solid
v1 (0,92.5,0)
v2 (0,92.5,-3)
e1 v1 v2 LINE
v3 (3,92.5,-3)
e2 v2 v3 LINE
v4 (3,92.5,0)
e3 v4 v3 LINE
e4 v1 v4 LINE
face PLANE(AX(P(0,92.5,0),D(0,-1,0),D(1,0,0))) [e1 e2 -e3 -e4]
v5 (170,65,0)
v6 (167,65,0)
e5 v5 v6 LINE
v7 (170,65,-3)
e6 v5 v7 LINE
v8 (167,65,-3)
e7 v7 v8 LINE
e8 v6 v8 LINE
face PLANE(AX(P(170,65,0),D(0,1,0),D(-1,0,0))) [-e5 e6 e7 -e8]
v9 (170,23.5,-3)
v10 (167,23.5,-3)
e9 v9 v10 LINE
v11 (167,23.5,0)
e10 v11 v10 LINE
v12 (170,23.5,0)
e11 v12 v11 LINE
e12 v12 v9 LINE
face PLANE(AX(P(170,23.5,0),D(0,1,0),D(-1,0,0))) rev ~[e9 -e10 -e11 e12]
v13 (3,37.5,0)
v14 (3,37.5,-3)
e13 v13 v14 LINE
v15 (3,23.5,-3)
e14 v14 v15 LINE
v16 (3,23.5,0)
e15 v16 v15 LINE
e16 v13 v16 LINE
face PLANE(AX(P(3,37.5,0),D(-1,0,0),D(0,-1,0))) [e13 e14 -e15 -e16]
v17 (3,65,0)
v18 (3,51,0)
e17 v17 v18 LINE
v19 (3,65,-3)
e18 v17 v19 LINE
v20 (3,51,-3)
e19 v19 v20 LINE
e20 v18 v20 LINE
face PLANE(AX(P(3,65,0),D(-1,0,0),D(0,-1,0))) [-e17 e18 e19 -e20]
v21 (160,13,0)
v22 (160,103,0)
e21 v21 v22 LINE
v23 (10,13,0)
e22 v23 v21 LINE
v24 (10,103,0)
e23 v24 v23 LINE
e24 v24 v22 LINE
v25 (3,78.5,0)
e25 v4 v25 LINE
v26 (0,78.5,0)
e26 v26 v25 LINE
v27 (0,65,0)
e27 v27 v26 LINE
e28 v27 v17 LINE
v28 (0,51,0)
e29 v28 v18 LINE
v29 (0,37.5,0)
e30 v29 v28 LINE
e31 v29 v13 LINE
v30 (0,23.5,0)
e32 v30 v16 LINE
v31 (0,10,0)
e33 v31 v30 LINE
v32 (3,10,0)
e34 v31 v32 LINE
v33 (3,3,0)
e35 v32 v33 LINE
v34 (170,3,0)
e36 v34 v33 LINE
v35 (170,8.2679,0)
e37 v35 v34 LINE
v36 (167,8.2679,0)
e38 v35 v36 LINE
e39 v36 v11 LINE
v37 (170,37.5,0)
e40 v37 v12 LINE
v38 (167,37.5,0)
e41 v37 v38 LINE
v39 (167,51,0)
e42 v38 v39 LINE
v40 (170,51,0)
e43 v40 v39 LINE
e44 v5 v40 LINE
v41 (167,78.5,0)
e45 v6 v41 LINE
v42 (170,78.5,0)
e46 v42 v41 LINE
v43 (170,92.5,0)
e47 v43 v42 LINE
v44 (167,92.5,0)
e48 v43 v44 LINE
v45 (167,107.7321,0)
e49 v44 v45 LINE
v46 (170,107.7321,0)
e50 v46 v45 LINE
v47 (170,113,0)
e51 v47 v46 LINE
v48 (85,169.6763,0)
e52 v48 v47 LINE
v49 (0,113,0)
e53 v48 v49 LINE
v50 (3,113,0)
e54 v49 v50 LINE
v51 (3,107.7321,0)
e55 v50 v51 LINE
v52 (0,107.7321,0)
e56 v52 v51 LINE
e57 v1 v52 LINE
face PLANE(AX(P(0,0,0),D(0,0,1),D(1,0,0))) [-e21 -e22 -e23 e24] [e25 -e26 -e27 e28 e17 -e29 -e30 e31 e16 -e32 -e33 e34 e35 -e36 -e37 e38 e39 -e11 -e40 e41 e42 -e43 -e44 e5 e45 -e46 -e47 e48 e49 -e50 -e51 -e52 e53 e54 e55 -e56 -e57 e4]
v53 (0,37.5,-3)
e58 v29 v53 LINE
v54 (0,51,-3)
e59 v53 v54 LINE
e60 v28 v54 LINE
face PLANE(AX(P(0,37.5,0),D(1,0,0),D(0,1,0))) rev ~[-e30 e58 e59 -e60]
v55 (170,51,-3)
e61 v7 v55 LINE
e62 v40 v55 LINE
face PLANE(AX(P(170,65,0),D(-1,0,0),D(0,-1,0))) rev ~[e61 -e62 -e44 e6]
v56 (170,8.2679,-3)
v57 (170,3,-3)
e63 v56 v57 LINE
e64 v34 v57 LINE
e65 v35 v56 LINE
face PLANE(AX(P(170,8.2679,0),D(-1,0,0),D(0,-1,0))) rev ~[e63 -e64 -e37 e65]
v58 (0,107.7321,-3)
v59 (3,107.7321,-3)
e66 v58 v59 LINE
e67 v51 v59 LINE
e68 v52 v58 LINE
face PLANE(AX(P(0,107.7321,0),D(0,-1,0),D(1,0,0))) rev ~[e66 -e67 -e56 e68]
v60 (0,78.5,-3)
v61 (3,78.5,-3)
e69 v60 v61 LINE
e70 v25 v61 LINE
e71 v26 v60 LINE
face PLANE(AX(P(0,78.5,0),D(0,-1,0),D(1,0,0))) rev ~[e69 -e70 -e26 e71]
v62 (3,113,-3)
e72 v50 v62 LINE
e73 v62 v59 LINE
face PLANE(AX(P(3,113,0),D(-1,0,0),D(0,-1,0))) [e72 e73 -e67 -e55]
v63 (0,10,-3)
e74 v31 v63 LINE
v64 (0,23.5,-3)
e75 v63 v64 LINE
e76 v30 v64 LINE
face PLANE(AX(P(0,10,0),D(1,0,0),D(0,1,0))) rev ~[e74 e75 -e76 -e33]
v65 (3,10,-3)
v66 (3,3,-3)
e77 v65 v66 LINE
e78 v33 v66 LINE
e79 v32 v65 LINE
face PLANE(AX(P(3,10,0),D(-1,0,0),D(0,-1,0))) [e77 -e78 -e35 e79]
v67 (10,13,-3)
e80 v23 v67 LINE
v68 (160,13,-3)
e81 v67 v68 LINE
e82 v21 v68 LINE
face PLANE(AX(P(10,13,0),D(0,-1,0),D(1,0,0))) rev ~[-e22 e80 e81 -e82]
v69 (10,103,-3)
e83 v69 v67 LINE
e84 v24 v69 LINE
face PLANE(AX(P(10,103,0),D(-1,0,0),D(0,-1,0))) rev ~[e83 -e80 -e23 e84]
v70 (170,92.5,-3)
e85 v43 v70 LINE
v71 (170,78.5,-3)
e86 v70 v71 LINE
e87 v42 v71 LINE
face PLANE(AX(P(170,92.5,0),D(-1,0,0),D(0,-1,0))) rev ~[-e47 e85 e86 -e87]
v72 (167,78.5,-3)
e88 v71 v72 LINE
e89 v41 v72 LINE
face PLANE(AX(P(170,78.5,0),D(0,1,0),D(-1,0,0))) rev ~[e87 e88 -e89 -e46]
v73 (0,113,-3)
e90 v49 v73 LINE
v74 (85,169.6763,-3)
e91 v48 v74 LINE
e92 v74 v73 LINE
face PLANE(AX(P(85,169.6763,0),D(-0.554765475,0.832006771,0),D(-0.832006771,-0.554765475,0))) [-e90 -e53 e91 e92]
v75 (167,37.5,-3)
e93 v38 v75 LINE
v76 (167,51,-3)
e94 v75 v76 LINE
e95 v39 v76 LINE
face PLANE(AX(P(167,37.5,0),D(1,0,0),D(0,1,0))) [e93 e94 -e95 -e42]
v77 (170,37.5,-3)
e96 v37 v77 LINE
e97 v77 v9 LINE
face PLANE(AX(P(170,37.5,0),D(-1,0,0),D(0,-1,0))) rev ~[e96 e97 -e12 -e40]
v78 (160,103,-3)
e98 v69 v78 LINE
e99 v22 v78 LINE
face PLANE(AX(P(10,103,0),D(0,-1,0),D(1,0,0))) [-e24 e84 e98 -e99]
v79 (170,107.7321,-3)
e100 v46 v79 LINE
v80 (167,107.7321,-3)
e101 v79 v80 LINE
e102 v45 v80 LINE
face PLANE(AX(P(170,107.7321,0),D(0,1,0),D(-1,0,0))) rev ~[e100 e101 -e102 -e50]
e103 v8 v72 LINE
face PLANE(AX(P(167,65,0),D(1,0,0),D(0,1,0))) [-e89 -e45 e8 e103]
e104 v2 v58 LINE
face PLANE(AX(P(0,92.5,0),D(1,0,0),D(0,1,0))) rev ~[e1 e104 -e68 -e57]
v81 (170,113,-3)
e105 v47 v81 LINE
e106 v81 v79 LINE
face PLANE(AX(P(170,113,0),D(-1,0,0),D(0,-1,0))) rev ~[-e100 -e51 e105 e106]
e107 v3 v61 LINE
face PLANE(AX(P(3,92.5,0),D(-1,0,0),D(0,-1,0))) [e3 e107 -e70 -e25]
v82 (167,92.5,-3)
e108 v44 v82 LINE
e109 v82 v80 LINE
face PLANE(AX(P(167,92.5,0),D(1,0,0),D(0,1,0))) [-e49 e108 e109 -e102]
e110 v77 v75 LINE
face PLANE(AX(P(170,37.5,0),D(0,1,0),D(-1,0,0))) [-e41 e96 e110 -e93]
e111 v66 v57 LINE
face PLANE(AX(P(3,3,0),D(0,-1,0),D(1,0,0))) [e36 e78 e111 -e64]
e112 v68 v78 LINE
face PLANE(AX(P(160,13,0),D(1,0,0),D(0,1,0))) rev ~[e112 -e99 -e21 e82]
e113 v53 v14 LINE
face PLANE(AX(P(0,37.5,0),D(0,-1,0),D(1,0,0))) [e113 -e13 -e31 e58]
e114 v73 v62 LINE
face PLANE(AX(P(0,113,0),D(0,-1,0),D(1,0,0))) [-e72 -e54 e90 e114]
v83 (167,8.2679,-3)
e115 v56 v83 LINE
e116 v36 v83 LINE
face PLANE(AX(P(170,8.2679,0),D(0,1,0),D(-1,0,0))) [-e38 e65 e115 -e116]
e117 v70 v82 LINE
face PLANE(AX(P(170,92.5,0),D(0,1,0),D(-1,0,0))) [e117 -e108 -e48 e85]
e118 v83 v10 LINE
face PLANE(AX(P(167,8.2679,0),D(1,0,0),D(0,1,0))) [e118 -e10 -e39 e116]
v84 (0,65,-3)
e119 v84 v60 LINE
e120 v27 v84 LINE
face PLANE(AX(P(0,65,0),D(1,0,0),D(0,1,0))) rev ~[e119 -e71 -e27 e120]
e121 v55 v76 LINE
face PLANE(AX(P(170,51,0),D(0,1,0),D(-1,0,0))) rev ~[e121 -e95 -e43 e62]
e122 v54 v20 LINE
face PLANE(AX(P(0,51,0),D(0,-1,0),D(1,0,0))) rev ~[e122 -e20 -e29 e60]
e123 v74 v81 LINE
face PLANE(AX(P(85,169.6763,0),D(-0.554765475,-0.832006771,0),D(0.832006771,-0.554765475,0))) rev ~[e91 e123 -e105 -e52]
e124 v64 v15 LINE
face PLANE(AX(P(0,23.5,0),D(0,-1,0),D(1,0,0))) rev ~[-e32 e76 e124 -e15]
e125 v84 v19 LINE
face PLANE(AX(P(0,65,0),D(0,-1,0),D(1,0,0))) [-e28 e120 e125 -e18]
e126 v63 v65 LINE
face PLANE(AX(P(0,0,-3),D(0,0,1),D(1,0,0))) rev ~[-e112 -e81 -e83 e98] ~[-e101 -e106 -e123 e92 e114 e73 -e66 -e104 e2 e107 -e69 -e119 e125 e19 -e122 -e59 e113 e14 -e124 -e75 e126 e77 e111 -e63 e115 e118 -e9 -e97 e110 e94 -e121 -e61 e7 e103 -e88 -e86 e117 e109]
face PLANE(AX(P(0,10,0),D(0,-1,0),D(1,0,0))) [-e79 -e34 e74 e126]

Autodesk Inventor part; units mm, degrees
ref_plane "YZ Plane" through (0, 0, 0) normal (1, 0, 0) x (0, 1, 0)
ref_plane "XZ Plane" through (0, 0, 0) normal (0, 1, 0) x (-1, 0, 0)
ref_plane "XY Plane" through (0, 0, 0) normal (0, 0, 1) x (1, 0, 0)
sketch "Boceto1" plane through (0, 0, 0) normal (0, 0, 1) x (1, 0, 0)
  line L0 (0, 3) -> (170, 3) projected
  line L1 (0, 113) -> (170, 113)
  line L2 (10, 103) -> (10, 13)
  line L3 (10, 13) -> (160, 13)
  line L4 (160, 13) -> (160, 103)
  line L5 (10, 103) -> (160, 103)
  line L6 (85, 169.6763) -> (0, 113)
  line L7 (85, 169.6763) -> (170, 113)
  line L8 (0, 92.5) -> (0, 107.7321) projected
  line L9 (0, 92.5) -> (3, 92.5) projected
  line L10 (3, 107.7321) -> (3, 92.5) projected
  line L11 (0, 107.7321) -> (3, 107.7321) projected
  line L12 (3, 113) -> (3, 107.7321) projected
  line L13 (3, 92.5) -> (3, 78.5) projected
  line L14 (0, 65) -> (0, 78.5) projected
  line L15 (0, 65) -> (3, 65) projected
  line L16 (3, 78.5) -> (3, 65) projected
  line L17 (0, 78.5) -> (3, 78.5) projected
  line L18 (3, 65) -> (3, 51) projected
  line L19 (0, 37.5) -> (0, 51) projected
  line L20 (0, 37.5) -> (3, 37.5) projected
  line L21 (3, 51) -> (3, 37.5) projected
  line L22 (0, 51) -> (3, 51) projected
  line L23 (3, 37.5) -> (3, 23.5) projected
  line L24 (0, 10) -> (0, 23.5) projected
  line L25 (0, 10) -> (3, 10) projected
  line L26 (3, 23.5) -> (3, 10) projected
  line L27 (0, 23.5) -> (3, 23.5) projected
  line L28 (3, 10) -> (3, 3) projected
  line L29 (170, 113) -> (170, 107.7321) projected
  line L30 (170, 113) -> (167, 113) projected
  line L31 (167, 107.7321) -> (167, 113) projected
  line L32 (170, 107.7321) -> (167, 107.7321) projected
  line L33 (167, 92.5) -> (167, 107.7321) projected
  line L34 (170, 92.5) -> (170, 78.5) projected
  line L35 (170, 92.5) -> (167, 92.5) projected
  line L36 (167, 78.5) -> (167, 92.5) projected
  line L37 (170, 78.5) -> (167, 78.5) projected
  line L38 (167, 65) -> (167, 78.5) projected
  line L39 (170, 65) -> (170, 51) projected
  line L40 (170, 65) -> (167, 65) projected
  line L41 (167, 51) -> (167, 65) projected
  line L42 (170, 51) -> (167, 51) projected
  line L43 (167, 37.5) -> (167, 51) projected
  line L44 (170, 37.5) -> (170, 23.5) projected
  line L45 (170, 37.5) -> (167, 37.5) projected
  line L46 (167, 23.5) -> (167, 37.5) projected
  line L47 (170, 23.5) -> (167, 23.5) projected
  line L48 (167, 8.2679) -> (167, 23.5) projected
  line L49 (170, 8.2679) -> (170, 3) projected
  line L50 (170, 8.2679) -> (167, 8.2679) projected
  line L51 (167, 3) -> (167, 8.2679) projected
  line L52 (170, 3) -> (167, 3) projected
  point P0 (0, 0)
  point P1 (86.5, 171.1763)
  point P2 (83.5, 171.1763)
  dimension "d0" = 110
  dimension "d8" = 10
extrude "Extrusión1" add sketch "Boceto1" against normal blind 3
